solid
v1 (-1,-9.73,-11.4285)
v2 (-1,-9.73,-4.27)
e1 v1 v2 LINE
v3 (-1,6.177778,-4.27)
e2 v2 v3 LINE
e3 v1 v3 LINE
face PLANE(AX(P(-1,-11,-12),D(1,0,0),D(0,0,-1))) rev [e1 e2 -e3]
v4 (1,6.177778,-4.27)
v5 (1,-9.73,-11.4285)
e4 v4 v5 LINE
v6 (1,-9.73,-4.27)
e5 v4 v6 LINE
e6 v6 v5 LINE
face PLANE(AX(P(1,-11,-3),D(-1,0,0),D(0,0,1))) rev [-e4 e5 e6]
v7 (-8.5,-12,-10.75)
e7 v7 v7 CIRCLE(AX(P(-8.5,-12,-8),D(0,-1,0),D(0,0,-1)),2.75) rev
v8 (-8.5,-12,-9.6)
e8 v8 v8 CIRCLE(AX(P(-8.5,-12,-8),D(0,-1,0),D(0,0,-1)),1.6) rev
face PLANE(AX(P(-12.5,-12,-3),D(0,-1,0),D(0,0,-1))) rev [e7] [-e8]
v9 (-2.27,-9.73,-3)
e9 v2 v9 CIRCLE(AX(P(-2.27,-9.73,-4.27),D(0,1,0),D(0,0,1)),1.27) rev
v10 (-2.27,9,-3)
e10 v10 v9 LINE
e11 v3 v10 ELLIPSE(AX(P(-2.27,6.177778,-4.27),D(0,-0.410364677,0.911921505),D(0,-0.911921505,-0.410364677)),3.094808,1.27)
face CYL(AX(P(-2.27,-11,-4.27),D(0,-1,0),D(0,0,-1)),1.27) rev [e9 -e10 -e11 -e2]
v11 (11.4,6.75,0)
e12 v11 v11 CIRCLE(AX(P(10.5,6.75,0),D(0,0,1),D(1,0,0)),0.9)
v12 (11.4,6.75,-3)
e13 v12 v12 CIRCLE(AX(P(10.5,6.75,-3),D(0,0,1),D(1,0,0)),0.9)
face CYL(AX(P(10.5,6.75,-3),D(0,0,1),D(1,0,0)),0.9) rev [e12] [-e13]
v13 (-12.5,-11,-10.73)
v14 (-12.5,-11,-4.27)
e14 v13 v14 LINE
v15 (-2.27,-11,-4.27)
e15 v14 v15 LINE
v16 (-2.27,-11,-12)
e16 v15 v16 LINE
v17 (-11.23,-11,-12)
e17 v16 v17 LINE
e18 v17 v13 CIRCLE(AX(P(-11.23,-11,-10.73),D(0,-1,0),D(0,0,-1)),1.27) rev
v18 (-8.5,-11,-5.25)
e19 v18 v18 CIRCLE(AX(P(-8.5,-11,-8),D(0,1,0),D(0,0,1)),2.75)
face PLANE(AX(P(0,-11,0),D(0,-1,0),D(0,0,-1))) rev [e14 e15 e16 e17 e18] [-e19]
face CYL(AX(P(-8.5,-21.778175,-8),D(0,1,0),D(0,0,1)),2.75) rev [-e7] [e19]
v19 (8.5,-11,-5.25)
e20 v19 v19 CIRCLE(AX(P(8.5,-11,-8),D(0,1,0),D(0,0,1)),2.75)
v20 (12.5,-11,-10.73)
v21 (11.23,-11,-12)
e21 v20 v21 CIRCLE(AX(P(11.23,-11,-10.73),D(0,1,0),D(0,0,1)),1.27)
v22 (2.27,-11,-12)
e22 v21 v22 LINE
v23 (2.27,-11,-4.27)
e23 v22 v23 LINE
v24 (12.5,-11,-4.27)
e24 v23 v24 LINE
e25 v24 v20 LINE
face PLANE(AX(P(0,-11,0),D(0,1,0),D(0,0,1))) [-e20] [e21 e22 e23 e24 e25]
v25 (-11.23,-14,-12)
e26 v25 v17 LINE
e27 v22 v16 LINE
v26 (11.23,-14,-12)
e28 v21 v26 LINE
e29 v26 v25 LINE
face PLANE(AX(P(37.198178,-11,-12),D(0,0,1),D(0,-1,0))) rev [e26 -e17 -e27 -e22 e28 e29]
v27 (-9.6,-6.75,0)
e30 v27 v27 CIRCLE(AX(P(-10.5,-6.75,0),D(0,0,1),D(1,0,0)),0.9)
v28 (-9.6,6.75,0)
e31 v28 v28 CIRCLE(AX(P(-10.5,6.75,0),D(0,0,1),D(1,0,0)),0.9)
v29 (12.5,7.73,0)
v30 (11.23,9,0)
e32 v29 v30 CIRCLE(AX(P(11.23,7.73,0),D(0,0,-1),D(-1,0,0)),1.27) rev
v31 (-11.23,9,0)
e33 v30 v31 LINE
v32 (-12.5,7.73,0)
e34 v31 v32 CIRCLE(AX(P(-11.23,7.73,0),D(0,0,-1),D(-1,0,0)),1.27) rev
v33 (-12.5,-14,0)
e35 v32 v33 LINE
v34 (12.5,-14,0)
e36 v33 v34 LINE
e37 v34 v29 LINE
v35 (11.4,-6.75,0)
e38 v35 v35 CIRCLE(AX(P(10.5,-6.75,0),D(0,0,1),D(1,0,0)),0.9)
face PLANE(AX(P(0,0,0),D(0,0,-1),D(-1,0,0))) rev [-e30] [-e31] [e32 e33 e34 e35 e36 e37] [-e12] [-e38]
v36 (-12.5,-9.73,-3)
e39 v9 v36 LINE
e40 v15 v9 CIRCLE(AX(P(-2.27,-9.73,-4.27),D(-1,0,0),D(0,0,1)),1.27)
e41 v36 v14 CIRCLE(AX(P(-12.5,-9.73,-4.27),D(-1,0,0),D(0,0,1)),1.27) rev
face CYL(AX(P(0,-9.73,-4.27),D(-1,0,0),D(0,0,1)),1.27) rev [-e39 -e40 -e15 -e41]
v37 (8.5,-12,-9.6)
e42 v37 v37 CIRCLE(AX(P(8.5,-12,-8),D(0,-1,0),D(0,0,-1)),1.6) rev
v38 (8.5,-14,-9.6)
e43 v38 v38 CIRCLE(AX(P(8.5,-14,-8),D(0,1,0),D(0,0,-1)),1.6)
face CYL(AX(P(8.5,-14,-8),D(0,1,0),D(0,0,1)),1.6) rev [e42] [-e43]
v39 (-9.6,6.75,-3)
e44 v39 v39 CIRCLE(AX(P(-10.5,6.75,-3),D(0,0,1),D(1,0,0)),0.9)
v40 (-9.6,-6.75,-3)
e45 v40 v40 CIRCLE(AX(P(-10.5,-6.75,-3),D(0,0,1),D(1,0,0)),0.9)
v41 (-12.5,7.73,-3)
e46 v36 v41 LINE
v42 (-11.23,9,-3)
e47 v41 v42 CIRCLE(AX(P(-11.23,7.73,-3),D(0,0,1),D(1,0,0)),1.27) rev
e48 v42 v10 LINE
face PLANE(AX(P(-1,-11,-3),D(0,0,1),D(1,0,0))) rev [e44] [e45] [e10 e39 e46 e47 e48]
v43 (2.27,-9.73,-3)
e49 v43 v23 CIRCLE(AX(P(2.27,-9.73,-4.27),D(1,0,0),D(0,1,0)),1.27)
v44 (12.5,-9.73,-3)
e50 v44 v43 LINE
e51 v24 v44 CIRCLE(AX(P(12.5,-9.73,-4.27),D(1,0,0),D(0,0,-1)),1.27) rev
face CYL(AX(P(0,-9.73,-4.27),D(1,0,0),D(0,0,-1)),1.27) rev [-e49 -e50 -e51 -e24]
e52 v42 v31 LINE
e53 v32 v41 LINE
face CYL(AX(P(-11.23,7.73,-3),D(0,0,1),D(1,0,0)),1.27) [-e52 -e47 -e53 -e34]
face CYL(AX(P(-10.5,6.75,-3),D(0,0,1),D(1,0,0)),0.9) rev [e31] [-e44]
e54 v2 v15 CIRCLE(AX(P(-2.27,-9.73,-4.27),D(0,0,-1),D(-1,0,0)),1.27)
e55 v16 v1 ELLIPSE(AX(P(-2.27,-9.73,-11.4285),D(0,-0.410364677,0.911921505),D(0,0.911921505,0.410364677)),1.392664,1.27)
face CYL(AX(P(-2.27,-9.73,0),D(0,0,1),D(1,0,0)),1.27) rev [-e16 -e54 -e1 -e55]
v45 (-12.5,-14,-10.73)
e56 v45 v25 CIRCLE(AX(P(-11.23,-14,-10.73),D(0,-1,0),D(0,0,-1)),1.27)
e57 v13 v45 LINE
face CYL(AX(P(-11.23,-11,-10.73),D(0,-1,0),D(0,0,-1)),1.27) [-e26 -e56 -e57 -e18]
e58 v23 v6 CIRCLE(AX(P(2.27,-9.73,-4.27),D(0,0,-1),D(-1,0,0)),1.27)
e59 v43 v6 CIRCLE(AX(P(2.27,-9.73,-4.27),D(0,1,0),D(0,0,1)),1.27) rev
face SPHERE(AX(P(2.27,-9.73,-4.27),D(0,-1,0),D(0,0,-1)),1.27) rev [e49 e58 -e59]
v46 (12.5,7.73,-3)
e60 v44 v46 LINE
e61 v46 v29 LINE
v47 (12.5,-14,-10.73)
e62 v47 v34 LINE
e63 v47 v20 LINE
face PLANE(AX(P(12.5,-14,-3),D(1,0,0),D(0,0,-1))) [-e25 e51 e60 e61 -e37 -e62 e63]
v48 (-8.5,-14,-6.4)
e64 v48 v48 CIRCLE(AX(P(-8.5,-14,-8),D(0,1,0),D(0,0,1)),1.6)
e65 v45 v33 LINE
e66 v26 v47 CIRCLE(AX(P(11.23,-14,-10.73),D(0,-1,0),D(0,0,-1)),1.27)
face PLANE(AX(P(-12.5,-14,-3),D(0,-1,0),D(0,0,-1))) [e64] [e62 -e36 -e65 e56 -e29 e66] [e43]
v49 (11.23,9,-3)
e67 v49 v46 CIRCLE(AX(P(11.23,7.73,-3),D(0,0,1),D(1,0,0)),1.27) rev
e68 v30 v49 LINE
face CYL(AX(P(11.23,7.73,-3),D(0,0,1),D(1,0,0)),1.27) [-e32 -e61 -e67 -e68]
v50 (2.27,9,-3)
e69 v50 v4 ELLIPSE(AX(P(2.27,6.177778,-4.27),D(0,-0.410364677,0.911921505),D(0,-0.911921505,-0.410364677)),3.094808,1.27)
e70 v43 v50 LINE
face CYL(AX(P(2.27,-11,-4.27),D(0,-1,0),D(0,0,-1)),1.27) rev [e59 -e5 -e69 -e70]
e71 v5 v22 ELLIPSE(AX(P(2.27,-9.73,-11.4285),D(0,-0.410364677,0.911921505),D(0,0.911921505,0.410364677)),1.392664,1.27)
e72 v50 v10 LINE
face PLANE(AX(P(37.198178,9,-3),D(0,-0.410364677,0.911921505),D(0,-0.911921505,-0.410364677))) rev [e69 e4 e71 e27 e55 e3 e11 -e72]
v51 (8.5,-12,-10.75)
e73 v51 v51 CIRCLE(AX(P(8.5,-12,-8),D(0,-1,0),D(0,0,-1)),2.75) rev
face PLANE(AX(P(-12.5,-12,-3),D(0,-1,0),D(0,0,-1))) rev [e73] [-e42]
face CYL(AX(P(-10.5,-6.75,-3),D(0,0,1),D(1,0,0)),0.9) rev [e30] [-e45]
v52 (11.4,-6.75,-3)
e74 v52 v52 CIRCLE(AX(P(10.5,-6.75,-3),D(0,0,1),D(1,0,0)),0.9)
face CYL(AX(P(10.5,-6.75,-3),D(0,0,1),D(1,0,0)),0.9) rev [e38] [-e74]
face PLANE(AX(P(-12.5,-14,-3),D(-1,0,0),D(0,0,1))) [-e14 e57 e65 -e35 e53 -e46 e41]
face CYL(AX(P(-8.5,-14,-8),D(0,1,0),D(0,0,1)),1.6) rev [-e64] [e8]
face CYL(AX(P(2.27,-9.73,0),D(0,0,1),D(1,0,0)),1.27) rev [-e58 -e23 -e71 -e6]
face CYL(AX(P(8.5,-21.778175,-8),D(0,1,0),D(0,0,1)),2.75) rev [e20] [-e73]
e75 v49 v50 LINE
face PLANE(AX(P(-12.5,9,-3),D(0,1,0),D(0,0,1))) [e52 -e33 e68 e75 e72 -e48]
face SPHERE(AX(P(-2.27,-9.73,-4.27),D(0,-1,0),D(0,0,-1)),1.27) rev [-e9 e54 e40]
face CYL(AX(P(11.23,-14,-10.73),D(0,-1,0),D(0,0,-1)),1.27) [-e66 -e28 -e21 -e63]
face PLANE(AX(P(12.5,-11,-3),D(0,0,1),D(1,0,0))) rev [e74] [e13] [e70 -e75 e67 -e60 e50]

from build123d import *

# Parameters (mm, degrees)
SKETCH1_W                       = 25
SKETCH1_H                       = 23
SKETCH1_R                       = 0.9
BOSS_EXTRUDE1_DEPTH             = 3
BOSS_EXTRUDE2_REACH             = 21.007
BOSS_EXTRUDE2_DIRECTION_2_REACH = 21.007
SKETCH3_W                       = 11.5
SKETCH3_H                       = 9
CUT_EXTRUDE1_DEPTH              = 20
SKETCH4_R                       = 1.6
CUT_EXTRUDE2_DEPTH              = 27.462237245
SKETCH5_R                       = 2.75
CUT_EXTRUDE3_DEPTH              = 1
FILLET2_R                       = 1.27


with BuildPart() as part:
    # Sketch1 → Boss-Extrude1 (new body)
    with BuildSketch(Plane.XY):
        with Locations((0, -2.5)):
            Rectangle(SKETCH1_W, SKETCH1_H)
        with Locations((-10.5, 6.75)):
            Circle(SKETCH1_R, mode=Mode.SUBTRACT)
        with Locations((10.5, 6.75)):
            Circle(SKETCH1_R, mode=Mode.SUBTRACT)
        with Locations((10.5, -6.75)):
            Circle(SKETCH1_R, mode=Mode.SUBTRACT)
        with Locations((-10.5, -6.75)):
            Circle(SKETCH1_R, mode=Mode.SUBTRACT)
    extrude(amount=-BOSS_EXTRUDE1_DEPTH)

    # Boss-Extrude2: up to this face of the body (flat: up to its plane)
    boss_extrude2_end = Plane(part.part.faces().sort_by_distance((12.5, -2.5, -1.5))[0])
    # Sketch2 → Boss-Extrude2 (add, up to the picked face)
    with BuildSketch(Plane(origin=(0, 0, 0), x_dir=(0, 0, -1), z_dir=(1, 0, 0)), mode=Mode.PRIVATE) as boss_extrude2_sk1:
        Polygon((3, 9), (12, -11), (12, -14), (3, -14), align=None)
    boss_extrude2_tool1 = split(extrude(boss_extrude2_sk1.sketch, amount=BOSS_EXTRUDE2_REACH, mode=Mode.PRIVATE), bisect_by=boss_extrude2_end, keep=Keep.BOTH, mode=Mode.PRIVATE)
    add(boss_extrude2_tool1.solids().sort_by(Axis((0, -6.217949, -6.346154), (1, 0, 0)))[0])

    # Boss-Extrude2 direction 2: up to this face of the body (flat: up to its plane)
    boss_extrude2_direction_2_end = Plane(part.part.faces().sort_by_distance((-12.5, -2.5, -1.5))[0])
    # Sketch2 → Boss-Extrude2 direction 2 (add, up to the picked face)
    with BuildSketch(Plane(origin=(0, 0, 0), x_dir=(0, 0, -1), z_dir=(1, 0, 0)), mode=Mode.PRIVATE) as boss_extrude2_direction_2_sk1:
        Polygon((3, 9), (12, -11), (12, -14), (3, -14), align=None)
    boss_extrude2_direction_2_tool1 = split(extrude(boss_extrude2_direction_2_sk1.sketch, amount=-BOSS_EXTRUDE2_DIRECTION_2_REACH, mode=Mode.PRIVATE), bisect_by=boss_extrude2_direction_2_end, keep=Keep.BOTH, mode=Mode.PRIVATE)
    add(boss_extrude2_direction_2_tool1.solids().sort_by(Axis((0, -6.217949, -6.346154), (-1, 0, 0)))[0])

    # Sketch3 → Cut-Extrude1 (cut)
    with BuildSketch(Plane(origin=(0, 9, 0), x_dir=(1, 0, 0), z_dir=(0, 1, 0))):
        with Locations((-6.75, 7.5)):
            Rectangle(SKETCH3_W, SKETCH3_H)
        with Locations((6.75, 7.5)):
            Rectangle(SKETCH3_W, SKETCH3_H)
    extrude(amount=-CUT_EXTRUDE1_DEPTH, mode=Mode.SUBTRACT)

    # Sketch4 → Cut-Extrude2 (cut, through all)
    with BuildSketch(Plane(origin=(0, -11, 0), x_dir=(1, 0, 0), z_dir=(0, 1, 0))):
        with Locations(Location((-8.5, 8, 0), (0, 0, 270))):
            Circle(SKETCH4_R)
        with Locations(Location((8.5, 8, 0), (0, 0, 90))):
            Circle(SKETCH4_R)
    extrude(amount=-CUT_EXTRUDE2_DEPTH, mode=Mode.SUBTRACT)

    # Sketch5 → Cut-Extrude3 (cut)
    with BuildSketch(Plane(origin=(0, -11, 0), x_dir=(1, 0, 0), z_dir=(0, 1, 0))):
        with Locations(Location((-8.5, 8, 0), (0, 0, 270))):
            Circle(SKETCH5_R)
        with Locations(Location((8.5, 8, 0), (0, 0, 270))):
            Circle(SKETCH5_R)
    extrude(amount=-CUT_EXTRUDE3_DEPTH, mode=Mode.SUBTRACT)

    # Fillet2
    fillet2_edges = [part.edges().sort_by_distance(p)[0] for p in [
        (-12.5, -12.5, -12),
        (12.5, -12.5, -12),
        (-1, -11, -7.5),
        (-6.75, -11, -3),
        (-1, -1, -3),
        (1, -1, -3),
        (1, -11, -7.5),
        (6.75, -11, -3),
        (-12.5, 9, -1.5),
        (12.5, 9, -1.5),
    ]]
    fillet(fillet2_edges, radius=FILLET2_R)


solid = part.part
